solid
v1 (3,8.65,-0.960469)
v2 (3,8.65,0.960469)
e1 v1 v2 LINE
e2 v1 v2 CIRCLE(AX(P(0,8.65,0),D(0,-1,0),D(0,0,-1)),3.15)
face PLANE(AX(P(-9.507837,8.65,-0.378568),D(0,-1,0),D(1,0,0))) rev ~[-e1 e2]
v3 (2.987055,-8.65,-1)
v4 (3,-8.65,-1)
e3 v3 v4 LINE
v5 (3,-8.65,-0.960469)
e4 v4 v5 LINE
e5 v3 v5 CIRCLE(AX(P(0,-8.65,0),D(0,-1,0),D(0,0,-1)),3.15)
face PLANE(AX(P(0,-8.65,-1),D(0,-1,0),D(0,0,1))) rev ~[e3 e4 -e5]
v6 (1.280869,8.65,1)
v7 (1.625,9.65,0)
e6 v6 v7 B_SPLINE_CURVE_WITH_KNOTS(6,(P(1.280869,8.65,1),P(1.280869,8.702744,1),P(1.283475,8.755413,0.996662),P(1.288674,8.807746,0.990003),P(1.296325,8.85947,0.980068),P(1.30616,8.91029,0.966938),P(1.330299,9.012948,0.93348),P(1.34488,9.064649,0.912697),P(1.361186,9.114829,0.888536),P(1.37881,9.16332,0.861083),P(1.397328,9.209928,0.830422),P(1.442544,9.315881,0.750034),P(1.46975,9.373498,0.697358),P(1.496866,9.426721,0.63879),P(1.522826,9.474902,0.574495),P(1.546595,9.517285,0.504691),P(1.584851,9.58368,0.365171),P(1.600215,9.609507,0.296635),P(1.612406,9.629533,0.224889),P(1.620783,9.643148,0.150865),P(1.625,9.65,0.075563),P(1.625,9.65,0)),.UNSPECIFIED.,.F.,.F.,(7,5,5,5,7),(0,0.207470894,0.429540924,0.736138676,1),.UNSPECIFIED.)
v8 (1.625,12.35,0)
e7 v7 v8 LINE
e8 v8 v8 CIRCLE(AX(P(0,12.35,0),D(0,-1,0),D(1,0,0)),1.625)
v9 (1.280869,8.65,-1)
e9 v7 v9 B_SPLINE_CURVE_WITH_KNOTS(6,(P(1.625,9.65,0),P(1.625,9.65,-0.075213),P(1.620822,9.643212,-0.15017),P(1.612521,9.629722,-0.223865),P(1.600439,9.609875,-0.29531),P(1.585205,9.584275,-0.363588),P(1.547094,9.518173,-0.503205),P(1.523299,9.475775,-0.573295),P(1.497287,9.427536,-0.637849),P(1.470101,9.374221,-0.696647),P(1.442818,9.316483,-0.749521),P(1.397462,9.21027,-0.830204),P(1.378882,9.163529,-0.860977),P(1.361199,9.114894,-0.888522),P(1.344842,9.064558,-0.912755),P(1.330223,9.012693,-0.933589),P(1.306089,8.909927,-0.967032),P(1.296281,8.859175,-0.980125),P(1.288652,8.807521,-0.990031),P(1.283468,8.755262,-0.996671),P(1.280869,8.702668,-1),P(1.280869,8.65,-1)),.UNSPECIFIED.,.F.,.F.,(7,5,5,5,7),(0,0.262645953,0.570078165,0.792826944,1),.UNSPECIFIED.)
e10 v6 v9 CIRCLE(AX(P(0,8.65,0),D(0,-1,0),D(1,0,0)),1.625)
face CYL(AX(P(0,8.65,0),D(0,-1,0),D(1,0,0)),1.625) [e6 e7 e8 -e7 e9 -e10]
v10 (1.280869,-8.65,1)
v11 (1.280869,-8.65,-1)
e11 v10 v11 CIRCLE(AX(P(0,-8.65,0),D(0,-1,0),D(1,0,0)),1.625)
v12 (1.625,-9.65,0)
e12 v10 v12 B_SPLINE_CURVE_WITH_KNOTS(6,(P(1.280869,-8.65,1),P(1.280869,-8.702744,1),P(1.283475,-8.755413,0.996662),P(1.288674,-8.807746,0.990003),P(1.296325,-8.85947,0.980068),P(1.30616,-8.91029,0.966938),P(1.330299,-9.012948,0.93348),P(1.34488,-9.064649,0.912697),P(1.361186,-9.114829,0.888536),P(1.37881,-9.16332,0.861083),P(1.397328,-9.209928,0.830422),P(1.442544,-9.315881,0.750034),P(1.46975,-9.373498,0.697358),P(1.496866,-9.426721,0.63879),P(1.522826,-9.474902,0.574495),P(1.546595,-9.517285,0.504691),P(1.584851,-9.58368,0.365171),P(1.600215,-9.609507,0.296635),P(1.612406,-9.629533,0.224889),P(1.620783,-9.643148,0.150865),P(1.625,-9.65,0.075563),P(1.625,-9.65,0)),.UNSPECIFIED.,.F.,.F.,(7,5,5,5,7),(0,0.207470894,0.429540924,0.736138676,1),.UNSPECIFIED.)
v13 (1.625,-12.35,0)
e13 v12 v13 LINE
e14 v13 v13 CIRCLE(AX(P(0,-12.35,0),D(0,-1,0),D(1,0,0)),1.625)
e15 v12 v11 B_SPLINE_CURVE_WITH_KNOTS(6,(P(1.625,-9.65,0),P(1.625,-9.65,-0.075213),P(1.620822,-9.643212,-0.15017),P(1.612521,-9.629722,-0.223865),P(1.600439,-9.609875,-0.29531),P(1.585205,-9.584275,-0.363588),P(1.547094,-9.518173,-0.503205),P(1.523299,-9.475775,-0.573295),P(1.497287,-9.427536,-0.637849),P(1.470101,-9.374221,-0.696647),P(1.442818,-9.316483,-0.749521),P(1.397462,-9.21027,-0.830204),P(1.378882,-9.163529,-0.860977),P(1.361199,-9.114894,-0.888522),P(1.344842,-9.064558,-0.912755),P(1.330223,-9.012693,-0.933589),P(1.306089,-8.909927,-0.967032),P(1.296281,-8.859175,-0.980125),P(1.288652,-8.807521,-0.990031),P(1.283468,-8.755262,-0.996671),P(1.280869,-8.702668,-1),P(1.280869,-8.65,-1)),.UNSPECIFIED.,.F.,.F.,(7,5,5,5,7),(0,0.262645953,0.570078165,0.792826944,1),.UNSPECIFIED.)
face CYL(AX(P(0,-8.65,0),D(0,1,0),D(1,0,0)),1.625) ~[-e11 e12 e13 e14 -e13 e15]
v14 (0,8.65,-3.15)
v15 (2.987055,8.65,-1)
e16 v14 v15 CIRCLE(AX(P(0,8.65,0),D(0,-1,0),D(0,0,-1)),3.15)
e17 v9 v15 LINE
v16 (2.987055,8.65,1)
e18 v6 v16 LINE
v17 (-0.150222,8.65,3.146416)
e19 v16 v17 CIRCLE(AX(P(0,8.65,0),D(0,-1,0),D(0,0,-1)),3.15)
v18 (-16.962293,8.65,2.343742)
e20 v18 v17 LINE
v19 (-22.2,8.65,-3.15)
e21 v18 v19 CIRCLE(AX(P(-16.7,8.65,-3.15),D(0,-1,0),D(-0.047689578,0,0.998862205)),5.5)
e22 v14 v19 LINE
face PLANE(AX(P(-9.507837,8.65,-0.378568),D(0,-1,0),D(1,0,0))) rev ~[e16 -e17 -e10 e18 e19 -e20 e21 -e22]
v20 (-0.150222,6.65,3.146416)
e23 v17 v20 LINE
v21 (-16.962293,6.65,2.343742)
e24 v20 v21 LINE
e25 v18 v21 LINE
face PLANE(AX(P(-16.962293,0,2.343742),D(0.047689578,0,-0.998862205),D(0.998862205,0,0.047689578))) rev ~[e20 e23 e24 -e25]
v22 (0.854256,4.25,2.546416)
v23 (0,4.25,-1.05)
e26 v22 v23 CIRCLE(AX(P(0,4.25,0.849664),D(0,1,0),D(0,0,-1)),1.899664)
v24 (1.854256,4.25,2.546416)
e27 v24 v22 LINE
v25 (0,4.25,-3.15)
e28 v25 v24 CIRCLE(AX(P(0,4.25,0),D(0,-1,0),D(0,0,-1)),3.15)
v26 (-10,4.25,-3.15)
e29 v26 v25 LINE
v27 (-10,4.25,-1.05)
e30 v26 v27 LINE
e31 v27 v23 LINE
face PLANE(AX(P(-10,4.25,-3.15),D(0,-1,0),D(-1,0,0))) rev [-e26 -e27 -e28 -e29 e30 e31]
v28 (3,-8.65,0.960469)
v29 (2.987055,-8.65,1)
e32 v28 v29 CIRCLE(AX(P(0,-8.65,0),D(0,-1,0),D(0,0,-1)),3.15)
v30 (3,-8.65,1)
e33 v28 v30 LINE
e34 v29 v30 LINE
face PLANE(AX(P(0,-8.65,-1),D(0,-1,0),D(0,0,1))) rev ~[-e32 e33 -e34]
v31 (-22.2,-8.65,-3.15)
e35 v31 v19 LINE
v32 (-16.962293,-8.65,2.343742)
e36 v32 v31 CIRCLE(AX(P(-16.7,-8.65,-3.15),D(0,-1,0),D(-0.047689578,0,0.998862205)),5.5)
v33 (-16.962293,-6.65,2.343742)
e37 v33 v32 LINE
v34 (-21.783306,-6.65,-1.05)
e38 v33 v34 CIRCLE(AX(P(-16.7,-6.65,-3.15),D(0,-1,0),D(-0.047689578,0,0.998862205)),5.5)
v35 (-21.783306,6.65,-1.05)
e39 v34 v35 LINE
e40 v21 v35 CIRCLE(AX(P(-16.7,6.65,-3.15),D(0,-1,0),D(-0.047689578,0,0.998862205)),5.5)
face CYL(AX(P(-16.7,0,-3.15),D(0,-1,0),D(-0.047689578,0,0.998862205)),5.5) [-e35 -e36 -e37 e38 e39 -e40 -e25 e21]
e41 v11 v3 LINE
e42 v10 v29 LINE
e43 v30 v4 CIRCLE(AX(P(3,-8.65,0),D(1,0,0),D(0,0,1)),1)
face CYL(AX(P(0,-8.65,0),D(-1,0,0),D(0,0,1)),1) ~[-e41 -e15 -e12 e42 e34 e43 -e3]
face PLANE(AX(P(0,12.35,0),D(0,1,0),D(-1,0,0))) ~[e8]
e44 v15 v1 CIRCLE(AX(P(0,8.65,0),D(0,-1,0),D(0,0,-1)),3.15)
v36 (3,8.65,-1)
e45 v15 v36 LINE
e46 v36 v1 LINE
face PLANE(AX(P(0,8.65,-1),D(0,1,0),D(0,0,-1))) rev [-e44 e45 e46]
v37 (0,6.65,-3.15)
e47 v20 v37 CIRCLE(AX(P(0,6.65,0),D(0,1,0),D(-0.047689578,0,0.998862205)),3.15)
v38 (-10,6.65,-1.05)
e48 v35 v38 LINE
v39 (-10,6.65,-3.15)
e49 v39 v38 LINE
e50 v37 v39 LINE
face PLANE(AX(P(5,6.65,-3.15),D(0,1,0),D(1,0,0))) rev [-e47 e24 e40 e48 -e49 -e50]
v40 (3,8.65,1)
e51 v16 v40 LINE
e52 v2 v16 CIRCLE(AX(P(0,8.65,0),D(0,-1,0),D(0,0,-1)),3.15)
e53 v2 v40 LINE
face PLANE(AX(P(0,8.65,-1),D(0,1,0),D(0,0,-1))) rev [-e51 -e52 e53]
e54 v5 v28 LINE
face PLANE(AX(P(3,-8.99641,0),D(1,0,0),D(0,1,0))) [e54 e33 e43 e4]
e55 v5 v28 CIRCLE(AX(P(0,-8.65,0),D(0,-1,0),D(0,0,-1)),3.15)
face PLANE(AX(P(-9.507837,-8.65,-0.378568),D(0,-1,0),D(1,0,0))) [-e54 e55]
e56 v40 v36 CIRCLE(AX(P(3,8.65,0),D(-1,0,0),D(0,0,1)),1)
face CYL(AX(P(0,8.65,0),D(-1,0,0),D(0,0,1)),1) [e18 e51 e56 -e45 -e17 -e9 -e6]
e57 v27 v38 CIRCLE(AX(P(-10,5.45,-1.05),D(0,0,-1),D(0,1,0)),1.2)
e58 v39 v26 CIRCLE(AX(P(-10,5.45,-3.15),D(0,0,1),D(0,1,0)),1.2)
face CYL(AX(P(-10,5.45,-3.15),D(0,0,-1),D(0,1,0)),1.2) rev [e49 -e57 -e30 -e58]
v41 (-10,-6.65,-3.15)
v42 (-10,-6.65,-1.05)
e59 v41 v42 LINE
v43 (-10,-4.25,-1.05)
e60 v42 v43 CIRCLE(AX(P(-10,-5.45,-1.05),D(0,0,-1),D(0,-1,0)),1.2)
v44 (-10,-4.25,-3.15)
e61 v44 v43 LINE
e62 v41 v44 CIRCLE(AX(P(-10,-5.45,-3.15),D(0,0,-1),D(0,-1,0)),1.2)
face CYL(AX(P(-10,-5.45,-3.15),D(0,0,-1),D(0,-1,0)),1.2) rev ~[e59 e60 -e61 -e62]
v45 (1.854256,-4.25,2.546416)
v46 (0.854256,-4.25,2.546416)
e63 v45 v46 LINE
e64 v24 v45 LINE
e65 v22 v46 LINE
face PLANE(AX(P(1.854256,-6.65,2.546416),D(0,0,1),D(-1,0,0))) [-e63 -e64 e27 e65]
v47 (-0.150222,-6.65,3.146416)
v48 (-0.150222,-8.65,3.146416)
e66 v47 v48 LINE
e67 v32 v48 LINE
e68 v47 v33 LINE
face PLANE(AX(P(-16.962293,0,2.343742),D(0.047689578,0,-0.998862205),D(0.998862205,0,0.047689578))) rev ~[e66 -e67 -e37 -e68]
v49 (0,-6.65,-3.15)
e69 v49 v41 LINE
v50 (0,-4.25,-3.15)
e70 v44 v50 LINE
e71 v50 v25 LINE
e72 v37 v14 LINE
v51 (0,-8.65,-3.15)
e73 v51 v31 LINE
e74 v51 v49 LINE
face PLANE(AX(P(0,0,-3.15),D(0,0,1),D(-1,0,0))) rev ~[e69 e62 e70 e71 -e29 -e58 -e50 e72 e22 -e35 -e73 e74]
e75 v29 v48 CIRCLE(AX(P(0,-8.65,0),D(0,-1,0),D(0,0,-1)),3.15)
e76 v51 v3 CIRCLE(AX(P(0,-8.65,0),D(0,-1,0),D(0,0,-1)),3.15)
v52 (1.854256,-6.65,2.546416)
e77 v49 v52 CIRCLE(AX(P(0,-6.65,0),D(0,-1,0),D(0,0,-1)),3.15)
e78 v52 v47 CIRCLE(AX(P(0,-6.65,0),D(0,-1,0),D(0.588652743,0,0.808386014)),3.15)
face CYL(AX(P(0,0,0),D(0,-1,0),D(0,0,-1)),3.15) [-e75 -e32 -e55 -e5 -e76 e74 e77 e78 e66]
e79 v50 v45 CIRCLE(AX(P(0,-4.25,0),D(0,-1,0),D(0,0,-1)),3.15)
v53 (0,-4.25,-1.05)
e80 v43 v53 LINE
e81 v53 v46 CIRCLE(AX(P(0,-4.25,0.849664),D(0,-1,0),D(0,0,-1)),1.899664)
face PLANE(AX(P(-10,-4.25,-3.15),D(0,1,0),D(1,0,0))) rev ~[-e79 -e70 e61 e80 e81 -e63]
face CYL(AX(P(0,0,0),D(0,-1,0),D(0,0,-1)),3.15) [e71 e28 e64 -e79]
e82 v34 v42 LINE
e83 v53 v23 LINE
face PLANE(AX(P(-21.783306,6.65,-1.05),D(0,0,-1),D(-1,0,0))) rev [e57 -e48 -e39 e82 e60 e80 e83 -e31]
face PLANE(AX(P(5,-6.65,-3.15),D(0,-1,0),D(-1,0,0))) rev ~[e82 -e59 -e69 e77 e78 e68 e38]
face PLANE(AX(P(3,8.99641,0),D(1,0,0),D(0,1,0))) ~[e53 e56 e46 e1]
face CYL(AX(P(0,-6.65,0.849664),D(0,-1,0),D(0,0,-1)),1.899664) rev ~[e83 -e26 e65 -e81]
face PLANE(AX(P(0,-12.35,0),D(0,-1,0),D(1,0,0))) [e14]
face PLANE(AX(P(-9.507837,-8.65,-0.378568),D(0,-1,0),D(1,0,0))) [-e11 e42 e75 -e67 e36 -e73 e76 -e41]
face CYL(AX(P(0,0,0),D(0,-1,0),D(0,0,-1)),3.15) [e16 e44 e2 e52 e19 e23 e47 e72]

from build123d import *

# Parameters (mm, degrees)
PAD_DEPTH       = 8.65
SKETCH001_R     = 1.625
PAD001_DEPTH    = 3.7
PAD002_DEPTH    = 3
POCKET_START    = -2
POCKET_DEPTH    = 8.3
POCKET001_DEPTH = 73.3327090398


with BuildPart() as part:
    # Sketch → Pad (new body, symmetric)
    with BuildSketch(Plane.XZ):
        with BuildLine():
            ThreePointArc((0, -3.15), (3.1491038588, 0.075132459), (-0.1502221693, 3.1464159451))
            Line((-16.9622926765, 2.3437421264), (-0.1502221693, 3.1464159451))
            ThreePointArc((-16.9622926765, 2.3437421264), (-20.6807417475, 0.6452200383), (-22.2, -3.15))
            Line((0, -3.15), (-22.2, -3.15))
        make_face()
    extrude(amount=PAD_DEPTH, both=True)

    # Sketch001 (on Face6 of Pad) → Pad001 (join)
    with BuildSketch(Plane.XZ.offset(8.65)):
        Circle(SKETCH001_R)
    pad001 = extrude(amount=PAD001_DEPTH)

    # Sketch002 → Pad002 (join)
    with BuildSketch(Plane.YZ):
        with BuildLine():
            ThreePointArc((-8.65, 1), (-9.65, 0), (-8.65, -1))
            Line((-8.65, -1), (-8.65, 1))
        make_face()
    pad002 = extrude(amount=PAD002_DEPTH)

    # Sketch003 (on Face5 of Pad002) → Pocket (cut)
    with BuildSketch(Plane.XZ.offset(8.65).offset(POCKET_START)):
        with BuildLine():
            Line((-21.7833060109, -1.05), (0, -1.05))
            ThreePointArc((0, -1.05), (1.8482397845, 0.4106515201), (0.8542561404, 2.5464159451))
            Line((1.8542561404, 2.5464159451), (0.8542561404, 2.5464159451))
            ThreePointArc((1.8542561404, 2.5464159451), (0.9032900662, 3.0177089085), (-0.1502221693, 3.1464159451))
            Line((-16.9622926765, 2.3437421264), (-0.1502221693, 3.1464159451))
            ThreePointArc((-16.9622926765, 2.3437421264), (-19.8659481576, 1.3474183998), (-21.7833060109, -1.05))
        make_face()
    pocket = extrude(amount=-POCKET_DEPTH, mode=Mode.SUBTRACT)

    # Sketch004 (on Face12 of Pocket) → Pocket001 (cut, through all)
    with BuildSketch(Plane(origin=(0, 0, -3.15), x_dir=(1, 0, 0), z_dir=(0, 0, -1))):
        with BuildLine():
            ThreePointArc((-10, 6.65), (-11.2, 5.45), (-10, 4.25))
            Line((-10, 4.25), (5, 4.25))
            Line((5, 4.25), (5, 6.65))
            Line((5, 6.65), (-10, 6.65))
        make_face()
    pocket001 = extrude(amount=-POCKET001_DEPTH, mode=Mode.SUBTRACT)

    # Mirrored: Pocket001, Pocket, Pad002, Pad001 across XZ
    add(pocket001.mirror(Plane.XZ), mode=Mode.SUBTRACT)
    add(pocket.mirror(Plane.XZ), mode=Mode.SUBTRACT)
    add(pad002.mirror(Plane.XZ))
    add(pad001.mirror(Plane.XZ))


solid = part.part
